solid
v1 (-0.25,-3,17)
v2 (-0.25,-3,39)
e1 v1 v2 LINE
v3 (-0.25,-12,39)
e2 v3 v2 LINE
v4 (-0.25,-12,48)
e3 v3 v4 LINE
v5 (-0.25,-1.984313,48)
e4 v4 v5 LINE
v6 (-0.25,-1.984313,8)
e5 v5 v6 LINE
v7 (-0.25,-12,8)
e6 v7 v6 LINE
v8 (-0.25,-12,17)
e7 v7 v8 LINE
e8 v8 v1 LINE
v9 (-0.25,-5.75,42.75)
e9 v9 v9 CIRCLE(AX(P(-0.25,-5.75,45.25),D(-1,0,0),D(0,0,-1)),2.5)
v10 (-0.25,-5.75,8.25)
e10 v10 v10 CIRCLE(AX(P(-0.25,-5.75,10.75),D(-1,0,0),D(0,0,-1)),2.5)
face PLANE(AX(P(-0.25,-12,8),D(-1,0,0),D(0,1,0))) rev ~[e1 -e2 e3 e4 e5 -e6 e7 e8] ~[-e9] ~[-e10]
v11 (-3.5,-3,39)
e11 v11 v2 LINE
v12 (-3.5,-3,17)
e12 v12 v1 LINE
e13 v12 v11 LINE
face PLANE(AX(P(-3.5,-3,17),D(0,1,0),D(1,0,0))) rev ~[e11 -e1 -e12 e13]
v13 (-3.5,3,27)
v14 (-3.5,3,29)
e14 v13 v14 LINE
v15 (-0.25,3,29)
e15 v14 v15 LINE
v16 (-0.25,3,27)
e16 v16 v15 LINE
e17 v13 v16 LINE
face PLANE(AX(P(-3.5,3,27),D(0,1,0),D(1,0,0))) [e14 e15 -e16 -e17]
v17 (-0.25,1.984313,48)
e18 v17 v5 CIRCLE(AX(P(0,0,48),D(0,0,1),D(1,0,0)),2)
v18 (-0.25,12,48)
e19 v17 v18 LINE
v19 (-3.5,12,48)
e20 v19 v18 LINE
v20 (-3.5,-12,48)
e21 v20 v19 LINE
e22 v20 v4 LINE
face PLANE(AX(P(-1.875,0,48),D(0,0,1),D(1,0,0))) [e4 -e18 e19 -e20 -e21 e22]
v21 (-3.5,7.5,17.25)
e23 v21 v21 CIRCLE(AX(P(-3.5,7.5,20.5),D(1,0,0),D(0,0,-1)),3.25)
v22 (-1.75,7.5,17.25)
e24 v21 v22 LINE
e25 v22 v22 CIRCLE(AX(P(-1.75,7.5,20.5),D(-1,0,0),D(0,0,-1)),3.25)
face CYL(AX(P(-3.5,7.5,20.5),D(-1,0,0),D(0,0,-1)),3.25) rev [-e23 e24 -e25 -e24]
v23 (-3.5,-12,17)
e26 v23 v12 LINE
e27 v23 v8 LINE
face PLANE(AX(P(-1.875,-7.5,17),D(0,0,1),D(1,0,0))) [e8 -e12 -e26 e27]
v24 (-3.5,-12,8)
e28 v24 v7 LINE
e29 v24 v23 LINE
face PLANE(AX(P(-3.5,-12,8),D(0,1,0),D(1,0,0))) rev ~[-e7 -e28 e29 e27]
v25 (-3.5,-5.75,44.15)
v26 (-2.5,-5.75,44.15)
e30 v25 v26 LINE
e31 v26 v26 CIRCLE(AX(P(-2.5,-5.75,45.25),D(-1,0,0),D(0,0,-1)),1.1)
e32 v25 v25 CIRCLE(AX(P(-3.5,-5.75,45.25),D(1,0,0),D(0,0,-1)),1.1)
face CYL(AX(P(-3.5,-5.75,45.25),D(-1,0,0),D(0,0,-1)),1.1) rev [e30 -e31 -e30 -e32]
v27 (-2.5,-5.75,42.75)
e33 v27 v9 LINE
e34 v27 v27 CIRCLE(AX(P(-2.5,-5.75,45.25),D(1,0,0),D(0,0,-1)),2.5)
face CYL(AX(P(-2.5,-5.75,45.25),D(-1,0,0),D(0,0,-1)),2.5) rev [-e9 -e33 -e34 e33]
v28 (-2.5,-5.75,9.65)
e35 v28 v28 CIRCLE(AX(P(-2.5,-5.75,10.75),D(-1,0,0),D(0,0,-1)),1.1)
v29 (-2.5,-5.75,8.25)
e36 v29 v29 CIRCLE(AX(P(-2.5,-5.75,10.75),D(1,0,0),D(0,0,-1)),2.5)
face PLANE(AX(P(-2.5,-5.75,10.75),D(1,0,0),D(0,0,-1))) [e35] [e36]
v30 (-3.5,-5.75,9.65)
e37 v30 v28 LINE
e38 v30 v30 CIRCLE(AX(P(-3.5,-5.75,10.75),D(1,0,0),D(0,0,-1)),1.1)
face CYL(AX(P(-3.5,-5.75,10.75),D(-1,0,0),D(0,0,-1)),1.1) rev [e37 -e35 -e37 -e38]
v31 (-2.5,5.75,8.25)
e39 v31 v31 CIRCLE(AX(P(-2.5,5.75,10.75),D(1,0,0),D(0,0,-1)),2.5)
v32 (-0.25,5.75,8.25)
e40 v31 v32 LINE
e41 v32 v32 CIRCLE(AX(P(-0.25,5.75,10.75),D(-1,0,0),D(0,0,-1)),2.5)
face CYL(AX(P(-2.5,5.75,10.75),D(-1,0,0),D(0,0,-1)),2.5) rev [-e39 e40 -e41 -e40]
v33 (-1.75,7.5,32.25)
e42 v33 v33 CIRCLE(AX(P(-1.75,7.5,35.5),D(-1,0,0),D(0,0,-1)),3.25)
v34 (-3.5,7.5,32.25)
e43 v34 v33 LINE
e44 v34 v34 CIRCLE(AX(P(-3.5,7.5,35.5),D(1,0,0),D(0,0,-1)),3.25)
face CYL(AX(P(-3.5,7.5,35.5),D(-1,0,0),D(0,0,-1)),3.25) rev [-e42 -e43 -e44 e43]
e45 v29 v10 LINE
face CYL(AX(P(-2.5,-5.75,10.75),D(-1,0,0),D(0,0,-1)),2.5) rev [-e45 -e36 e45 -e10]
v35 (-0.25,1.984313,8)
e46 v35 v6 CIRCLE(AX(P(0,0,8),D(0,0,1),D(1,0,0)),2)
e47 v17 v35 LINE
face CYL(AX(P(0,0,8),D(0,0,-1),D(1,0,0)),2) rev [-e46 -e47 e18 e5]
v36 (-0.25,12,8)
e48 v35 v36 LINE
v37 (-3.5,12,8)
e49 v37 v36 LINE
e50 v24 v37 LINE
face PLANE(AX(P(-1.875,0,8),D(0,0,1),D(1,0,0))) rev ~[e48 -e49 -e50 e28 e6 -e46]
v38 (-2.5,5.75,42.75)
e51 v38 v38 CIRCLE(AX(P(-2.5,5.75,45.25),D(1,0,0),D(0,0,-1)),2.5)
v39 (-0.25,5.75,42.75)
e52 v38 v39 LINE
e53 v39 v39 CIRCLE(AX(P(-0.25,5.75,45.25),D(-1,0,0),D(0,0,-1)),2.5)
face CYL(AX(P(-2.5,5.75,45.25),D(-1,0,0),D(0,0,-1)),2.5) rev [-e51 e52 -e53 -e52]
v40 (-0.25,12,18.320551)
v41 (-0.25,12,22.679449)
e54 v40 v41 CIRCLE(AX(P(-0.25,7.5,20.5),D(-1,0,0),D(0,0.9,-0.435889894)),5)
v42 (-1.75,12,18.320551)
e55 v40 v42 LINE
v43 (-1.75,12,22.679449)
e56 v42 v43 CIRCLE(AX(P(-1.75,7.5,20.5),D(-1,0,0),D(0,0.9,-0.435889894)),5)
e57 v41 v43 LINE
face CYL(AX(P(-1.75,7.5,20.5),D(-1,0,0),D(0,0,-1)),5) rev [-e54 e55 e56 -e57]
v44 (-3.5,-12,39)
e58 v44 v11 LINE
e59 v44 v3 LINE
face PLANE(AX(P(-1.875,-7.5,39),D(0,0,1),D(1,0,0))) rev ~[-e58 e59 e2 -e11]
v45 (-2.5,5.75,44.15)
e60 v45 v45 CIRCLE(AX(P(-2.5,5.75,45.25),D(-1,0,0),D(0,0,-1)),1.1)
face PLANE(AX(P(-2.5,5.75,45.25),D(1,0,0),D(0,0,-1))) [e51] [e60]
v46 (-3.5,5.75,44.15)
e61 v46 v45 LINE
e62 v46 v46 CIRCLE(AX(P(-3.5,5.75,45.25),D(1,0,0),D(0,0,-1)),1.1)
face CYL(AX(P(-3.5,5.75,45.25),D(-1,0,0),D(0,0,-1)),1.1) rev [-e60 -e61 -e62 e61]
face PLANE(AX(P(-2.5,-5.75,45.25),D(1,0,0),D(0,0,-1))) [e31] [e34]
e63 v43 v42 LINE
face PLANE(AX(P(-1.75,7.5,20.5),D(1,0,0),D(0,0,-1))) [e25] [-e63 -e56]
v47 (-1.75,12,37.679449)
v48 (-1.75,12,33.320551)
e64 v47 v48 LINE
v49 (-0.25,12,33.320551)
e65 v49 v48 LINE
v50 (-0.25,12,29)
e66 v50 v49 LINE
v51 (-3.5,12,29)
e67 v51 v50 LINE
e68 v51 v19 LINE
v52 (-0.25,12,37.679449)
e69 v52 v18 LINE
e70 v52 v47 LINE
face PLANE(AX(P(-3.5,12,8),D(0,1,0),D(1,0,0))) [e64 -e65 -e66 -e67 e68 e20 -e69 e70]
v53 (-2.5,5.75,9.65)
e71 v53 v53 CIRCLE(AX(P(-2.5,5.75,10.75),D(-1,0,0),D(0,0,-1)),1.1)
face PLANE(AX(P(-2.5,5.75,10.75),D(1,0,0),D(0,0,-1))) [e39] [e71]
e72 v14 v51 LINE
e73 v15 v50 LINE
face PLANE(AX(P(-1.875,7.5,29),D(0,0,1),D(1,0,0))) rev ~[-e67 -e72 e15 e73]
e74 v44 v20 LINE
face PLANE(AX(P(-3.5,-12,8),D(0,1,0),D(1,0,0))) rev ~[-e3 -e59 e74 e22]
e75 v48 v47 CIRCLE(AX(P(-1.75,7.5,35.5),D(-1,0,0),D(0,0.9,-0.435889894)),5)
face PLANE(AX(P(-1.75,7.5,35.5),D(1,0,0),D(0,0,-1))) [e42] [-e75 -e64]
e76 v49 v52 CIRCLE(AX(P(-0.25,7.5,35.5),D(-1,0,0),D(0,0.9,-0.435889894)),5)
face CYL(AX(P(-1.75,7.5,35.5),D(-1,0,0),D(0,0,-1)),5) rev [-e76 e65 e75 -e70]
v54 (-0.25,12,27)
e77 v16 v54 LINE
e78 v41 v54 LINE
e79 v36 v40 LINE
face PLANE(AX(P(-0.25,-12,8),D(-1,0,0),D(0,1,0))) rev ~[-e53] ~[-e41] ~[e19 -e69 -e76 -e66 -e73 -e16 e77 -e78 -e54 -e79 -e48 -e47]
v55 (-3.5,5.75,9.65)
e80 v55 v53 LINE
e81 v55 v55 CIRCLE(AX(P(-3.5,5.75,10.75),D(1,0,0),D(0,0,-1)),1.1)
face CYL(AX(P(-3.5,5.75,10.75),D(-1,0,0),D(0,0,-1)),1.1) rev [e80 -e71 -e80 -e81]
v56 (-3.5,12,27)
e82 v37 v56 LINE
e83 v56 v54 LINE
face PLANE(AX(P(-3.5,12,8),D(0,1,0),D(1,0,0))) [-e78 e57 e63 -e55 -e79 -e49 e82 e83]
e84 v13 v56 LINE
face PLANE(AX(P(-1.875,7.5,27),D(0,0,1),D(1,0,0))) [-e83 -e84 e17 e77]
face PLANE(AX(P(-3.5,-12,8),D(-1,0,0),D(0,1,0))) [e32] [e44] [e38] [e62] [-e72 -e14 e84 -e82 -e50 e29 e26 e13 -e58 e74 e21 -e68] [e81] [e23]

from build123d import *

# Parameters (mm, degrees)
CYLINDER028_R           = 1.1
CYLINDER028_DEPTH       = 10
CYLINDER031_R           = 0.9
CYLINDER031_DEPTH       = 10
CYLINDER029_R           = 2.5
CYLINDER029_DEPTH       = 3.5
CYLINDER030_R           = 2
CYLINDER030_DEPTH       = 5.2
LINK011_PLACEMENT_ANGLE = 90
LINK012_PLACEMENT_ANGLE = 90
CYLINDER027_R           = 1.1
CYLINDER027_DEPTH       = 10
CYLINDER025_R           = 1.1
CYLINDER025_DEPTH       = 10
CYLINDER026_R           = 1.1
CYLINDER026_DEPTH       = 10
LINK010_PLACEMENT_ANGLE = 90
LINK009_PLACEMENT_ANGLE = 90
CYLINDER018_R           = 3.25
CYLINDER018_DEPTH       = 10
BOX010_W                = 3.25
BOX010_H                = 9
BOX010_DEPTH            = 22
BOX009_W                = 3.25
BOX009_H                = 9
BOX009_DEPTH            = 2
CYLINDER024_R           = 5
CYLINDER024_DEPTH       = 1.5
CYLINDER023_R           = 5
CYLINDER023_DEPTH       = 1.5
CYLINDER019_R           = 3.25
CYLINDER019_DEPTH       = 10
CYLINDER004_R           = 2
CYLINDER004_DEPTH       = 40
BOX004_W                = 3.25
BOX004_H                = 24
BOX004_DEPTH            = 40


with BuildPart() as cylinder028:
    # Cylinder028 → Cylinder028 (new body)
    with BuildSketch(Plane(origin=(-3.5, 5.75, 44.25), x_dir=(0, 0, -1), z_dir=(1, 0, 0))):
        Circle(CYLINDER028_R)
    extrude(amount=CYLINDER028_DEPTH)


with BuildPart() as cylinder031:
    # Cylinder031 → Cylinder031 (new body)
    with BuildSketch(Plane.XY):
        Circle(CYLINDER031_R)
    extrude(amount=CYLINDER031_DEPTH)


with BuildPart() as cylinder029:
    # Cylinder029 → Cylinder029 (new body)
    with BuildSketch(Plane.XY):
        Circle(CYLINDER029_R)
    extrude(amount=CYLINDER029_DEPTH)


with BuildPart() as markor4mmod_m011:
    # Cylinder030 → Cylinder030 (new body)
    with BuildSketch(Plane.XY):
        Circle(CYLINDER030_R)
    extrude(amount=CYLINDER030_DEPTH)

    # Fusion018: union Cylinder029
    add(cylinder029.part)

    # Cut007: cut Cylinder031
    add(cylinder031.part, mode=Mode.SUBTRACT)


with BuildPart() as markor4mmod_m014:
    # Link011 base: copy of Markor4mmOD_M011
    add(markor4mmod_m011.part)


with BuildPart() as markor4mmod_m014_1:
    # Link011 placement: moved
    add(markor4mmod_m014.part.moved(Location((-2.5, -5.75, 44.25))).rotate(Axis((-2.5, -5.75, 44.25), (0, 1, 0)), LINK011_PLACEMENT_ANGLE))


with BuildPart() as markor4mmod_m015:
    # Link012 base: copy of Markor4mmOD_M011
    add(markor4mmod_m011.part)


with BuildPart() as markor4mmod_m015_1:
    # Link012 placement: moved
    add(markor4mmod_m015.part.moved(Location((-2.5, 5.75, 44.25))).rotate(Axis((-2.5, 5.75, 44.25), (0, 1, 0)), LINK012_PLACEMENT_ANGLE))


with BuildPart() as fusion017:
    # Cylinder027 → Cylinder027 (new body)
    with BuildSketch(Plane(origin=(-3.5, -5.75, 44.25), x_dir=(0, 0, -1), z_dir=(1, 0, 0))):
        Circle(CYLINDER027_R)
    extrude(amount=CYLINDER027_DEPTH)

    # Fusion017: union Cylinder028, Markor4mmOD_M014, Markor4mmOD_M015
    add(cylinder028.part)
    add(markor4mmod_m014_1.part)
    add(markor4mmod_m015_1.part)


with BuildPart() as cylinder025:
    # Cylinder025 → Cylinder025 (new body)
    with BuildSketch(Plane(origin=(-3.5, -5.75, 9.75), x_dir=(0, 0, -1), z_dir=(1, 0, 0))):
        Circle(CYLINDER025_R)
    extrude(amount=CYLINDER025_DEPTH)


with BuildPart() as cylinder026:
    # Cylinder026 → Cylinder026 (new body)
    with BuildSketch(Plane(origin=(-3.5, 5.75, 9.75), x_dir=(0, 0, -1), z_dir=(1, 0, 0))):
        Circle(CYLINDER026_R)
    extrude(amount=CYLINDER026_DEPTH)


with BuildPart() as markor4mmod_m013:
    # Link010 base: copy of Markor4mmOD_M011
    add(markor4mmod_m011.part)


with BuildPart() as markor4mmod_m013_1:
    # Link010 placement: moved
    add(markor4mmod_m013.part.moved(Location((-2.5, 5.75, 9.75))).rotate(Axis((-2.5, 5.75, 9.75), (0, 1, 0)), LINK010_PLACEMENT_ANGLE))


with BuildPart() as fusion019:
    # Link009 base: copy of Markor4mmOD_M011
    add(markor4mmod_m011.part)


with BuildPart() as fusion019_1:
    # Link009 placement: moved
    add(fusion019.part.moved(Location((-2.5, -5.75, 9.75))).rotate(Axis((-2.5, -5.75, 9.75), (0, 1, 0)), LINK009_PLACEMENT_ANGLE))

    # Fusion016: union Cylinder025, Cylinder026, Markor4mmOD_M013
    add(cylinder025.part)
    add(cylinder026.part)
    add(markor4mmod_m013_1.part)

    # Fusion019: union Fusion017
    add(fusion017.part)


with BuildPart() as cylinder018:
    # Cylinder018 → Cylinder018 (new body)
    with BuildSketch(Plane(origin=(-3.5, 7.5, 34.5), x_dir=(0, 0, -1), z_dir=(1, 0, 0))):
        Circle(CYLINDER018_R)
    extrude(amount=CYLINDER018_DEPTH)


with BuildPart() as cube010:
    # Box010 → Box010 (new body)
    with BuildSketch(Plane(origin=(-3.5, -12, 16), x_dir=(1, 0, 0), z_dir=(0, 0, 1))):
        with Locations((1.625, 4.5)):
            Rectangle(BOX010_W, BOX010_H)
    extrude(amount=BOX010_DEPTH)


with BuildPart() as cube009:
    # Box009 → Box009 (new body)
    with BuildSketch(Plane(origin=(-3.5, 3, 26), x_dir=(1, 0, 0), z_dir=(0, 0, 1))):
        with Locations((1.625, 4.5)):
            Rectangle(BOX009_W, BOX009_H)
    extrude(amount=BOX009_DEPTH)


with BuildPart() as cylinder024:
    # Cylinder024 → Cylinder024 (new body)
    with BuildSketch(Plane(origin=(-1.75, 7.5, 19.5), x_dir=(0, 0, -1), z_dir=(1, 0, 0))):
        Circle(CYLINDER024_R)
    extrude(amount=CYLINDER024_DEPTH)


with BuildPart() as fusion015:
    # Cylinder023 → Cylinder023 (new body)
    with BuildSketch(Plane(origin=(-1.75, 7.5, 34.5), x_dir=(0, 0, -1), z_dir=(1, 0, 0))):
        Circle(CYLINDER023_R)
    extrude(amount=CYLINDER023_DEPTH)

    # Fusion015: union Cylinder024
    add(cylinder024.part)


with BuildPart() as fusion011:
    # Cylinder019 → Cylinder019 (new body)
    with BuildSketch(Plane(origin=(-3.5, 7.5, 19.5), x_dir=(0, 0, -1), z_dir=(1, 0, 0))):
        Circle(CYLINDER019_R)
    extrude(amount=CYLINDER019_DEPTH)

    # Fusion011: union Cylinder018, Cube010, Cube009, Fusion015
    add(cylinder018.part)
    add(cube010.part)
    add(cube009.part)
    add(fusion015.part)


with BuildPart() as beamhole:
    # Cylinder004 → Cylinder004 (new body)
    with BuildSketch(Plane.XY):
        Circle(CYLINDER004_R)
    extrude(amount=CYLINDER004_DEPTH)


with BuildPart() as coppera:
    # Box004 → Box004 (new body)
    with BuildSketch(Plane(origin=(-3.5, -12, 0), x_dir=(1, 0, 0), z_dir=(0, 0, 1))):
        with Locations((1.625, 12)):
            Rectangle(BOX004_W, BOX004_H)
    extrude(amount=BOX004_DEPTH)

    # Cut001: cut Beamhole
    add(beamhole.part, mode=Mode.SUBTRACT)


with BuildPart() as coppera_1:
    # Cut001 placement: moved
    add(coppera.part.moved(Location((0, 0, 7))))

    # Cut005: cut Fusion011
    add(fusion011.part, mode=Mode.SUBTRACT)

    # Cut008: cut Fusion019
    add(fusion019_1.part, mode=Mode.SUBTRACT)


with BuildPart() as coppera_2:
    # Cut008 placement: moved
    add(coppera_1.part.moved(Location((0, 0, 1))))


solid = coppera_2.part
